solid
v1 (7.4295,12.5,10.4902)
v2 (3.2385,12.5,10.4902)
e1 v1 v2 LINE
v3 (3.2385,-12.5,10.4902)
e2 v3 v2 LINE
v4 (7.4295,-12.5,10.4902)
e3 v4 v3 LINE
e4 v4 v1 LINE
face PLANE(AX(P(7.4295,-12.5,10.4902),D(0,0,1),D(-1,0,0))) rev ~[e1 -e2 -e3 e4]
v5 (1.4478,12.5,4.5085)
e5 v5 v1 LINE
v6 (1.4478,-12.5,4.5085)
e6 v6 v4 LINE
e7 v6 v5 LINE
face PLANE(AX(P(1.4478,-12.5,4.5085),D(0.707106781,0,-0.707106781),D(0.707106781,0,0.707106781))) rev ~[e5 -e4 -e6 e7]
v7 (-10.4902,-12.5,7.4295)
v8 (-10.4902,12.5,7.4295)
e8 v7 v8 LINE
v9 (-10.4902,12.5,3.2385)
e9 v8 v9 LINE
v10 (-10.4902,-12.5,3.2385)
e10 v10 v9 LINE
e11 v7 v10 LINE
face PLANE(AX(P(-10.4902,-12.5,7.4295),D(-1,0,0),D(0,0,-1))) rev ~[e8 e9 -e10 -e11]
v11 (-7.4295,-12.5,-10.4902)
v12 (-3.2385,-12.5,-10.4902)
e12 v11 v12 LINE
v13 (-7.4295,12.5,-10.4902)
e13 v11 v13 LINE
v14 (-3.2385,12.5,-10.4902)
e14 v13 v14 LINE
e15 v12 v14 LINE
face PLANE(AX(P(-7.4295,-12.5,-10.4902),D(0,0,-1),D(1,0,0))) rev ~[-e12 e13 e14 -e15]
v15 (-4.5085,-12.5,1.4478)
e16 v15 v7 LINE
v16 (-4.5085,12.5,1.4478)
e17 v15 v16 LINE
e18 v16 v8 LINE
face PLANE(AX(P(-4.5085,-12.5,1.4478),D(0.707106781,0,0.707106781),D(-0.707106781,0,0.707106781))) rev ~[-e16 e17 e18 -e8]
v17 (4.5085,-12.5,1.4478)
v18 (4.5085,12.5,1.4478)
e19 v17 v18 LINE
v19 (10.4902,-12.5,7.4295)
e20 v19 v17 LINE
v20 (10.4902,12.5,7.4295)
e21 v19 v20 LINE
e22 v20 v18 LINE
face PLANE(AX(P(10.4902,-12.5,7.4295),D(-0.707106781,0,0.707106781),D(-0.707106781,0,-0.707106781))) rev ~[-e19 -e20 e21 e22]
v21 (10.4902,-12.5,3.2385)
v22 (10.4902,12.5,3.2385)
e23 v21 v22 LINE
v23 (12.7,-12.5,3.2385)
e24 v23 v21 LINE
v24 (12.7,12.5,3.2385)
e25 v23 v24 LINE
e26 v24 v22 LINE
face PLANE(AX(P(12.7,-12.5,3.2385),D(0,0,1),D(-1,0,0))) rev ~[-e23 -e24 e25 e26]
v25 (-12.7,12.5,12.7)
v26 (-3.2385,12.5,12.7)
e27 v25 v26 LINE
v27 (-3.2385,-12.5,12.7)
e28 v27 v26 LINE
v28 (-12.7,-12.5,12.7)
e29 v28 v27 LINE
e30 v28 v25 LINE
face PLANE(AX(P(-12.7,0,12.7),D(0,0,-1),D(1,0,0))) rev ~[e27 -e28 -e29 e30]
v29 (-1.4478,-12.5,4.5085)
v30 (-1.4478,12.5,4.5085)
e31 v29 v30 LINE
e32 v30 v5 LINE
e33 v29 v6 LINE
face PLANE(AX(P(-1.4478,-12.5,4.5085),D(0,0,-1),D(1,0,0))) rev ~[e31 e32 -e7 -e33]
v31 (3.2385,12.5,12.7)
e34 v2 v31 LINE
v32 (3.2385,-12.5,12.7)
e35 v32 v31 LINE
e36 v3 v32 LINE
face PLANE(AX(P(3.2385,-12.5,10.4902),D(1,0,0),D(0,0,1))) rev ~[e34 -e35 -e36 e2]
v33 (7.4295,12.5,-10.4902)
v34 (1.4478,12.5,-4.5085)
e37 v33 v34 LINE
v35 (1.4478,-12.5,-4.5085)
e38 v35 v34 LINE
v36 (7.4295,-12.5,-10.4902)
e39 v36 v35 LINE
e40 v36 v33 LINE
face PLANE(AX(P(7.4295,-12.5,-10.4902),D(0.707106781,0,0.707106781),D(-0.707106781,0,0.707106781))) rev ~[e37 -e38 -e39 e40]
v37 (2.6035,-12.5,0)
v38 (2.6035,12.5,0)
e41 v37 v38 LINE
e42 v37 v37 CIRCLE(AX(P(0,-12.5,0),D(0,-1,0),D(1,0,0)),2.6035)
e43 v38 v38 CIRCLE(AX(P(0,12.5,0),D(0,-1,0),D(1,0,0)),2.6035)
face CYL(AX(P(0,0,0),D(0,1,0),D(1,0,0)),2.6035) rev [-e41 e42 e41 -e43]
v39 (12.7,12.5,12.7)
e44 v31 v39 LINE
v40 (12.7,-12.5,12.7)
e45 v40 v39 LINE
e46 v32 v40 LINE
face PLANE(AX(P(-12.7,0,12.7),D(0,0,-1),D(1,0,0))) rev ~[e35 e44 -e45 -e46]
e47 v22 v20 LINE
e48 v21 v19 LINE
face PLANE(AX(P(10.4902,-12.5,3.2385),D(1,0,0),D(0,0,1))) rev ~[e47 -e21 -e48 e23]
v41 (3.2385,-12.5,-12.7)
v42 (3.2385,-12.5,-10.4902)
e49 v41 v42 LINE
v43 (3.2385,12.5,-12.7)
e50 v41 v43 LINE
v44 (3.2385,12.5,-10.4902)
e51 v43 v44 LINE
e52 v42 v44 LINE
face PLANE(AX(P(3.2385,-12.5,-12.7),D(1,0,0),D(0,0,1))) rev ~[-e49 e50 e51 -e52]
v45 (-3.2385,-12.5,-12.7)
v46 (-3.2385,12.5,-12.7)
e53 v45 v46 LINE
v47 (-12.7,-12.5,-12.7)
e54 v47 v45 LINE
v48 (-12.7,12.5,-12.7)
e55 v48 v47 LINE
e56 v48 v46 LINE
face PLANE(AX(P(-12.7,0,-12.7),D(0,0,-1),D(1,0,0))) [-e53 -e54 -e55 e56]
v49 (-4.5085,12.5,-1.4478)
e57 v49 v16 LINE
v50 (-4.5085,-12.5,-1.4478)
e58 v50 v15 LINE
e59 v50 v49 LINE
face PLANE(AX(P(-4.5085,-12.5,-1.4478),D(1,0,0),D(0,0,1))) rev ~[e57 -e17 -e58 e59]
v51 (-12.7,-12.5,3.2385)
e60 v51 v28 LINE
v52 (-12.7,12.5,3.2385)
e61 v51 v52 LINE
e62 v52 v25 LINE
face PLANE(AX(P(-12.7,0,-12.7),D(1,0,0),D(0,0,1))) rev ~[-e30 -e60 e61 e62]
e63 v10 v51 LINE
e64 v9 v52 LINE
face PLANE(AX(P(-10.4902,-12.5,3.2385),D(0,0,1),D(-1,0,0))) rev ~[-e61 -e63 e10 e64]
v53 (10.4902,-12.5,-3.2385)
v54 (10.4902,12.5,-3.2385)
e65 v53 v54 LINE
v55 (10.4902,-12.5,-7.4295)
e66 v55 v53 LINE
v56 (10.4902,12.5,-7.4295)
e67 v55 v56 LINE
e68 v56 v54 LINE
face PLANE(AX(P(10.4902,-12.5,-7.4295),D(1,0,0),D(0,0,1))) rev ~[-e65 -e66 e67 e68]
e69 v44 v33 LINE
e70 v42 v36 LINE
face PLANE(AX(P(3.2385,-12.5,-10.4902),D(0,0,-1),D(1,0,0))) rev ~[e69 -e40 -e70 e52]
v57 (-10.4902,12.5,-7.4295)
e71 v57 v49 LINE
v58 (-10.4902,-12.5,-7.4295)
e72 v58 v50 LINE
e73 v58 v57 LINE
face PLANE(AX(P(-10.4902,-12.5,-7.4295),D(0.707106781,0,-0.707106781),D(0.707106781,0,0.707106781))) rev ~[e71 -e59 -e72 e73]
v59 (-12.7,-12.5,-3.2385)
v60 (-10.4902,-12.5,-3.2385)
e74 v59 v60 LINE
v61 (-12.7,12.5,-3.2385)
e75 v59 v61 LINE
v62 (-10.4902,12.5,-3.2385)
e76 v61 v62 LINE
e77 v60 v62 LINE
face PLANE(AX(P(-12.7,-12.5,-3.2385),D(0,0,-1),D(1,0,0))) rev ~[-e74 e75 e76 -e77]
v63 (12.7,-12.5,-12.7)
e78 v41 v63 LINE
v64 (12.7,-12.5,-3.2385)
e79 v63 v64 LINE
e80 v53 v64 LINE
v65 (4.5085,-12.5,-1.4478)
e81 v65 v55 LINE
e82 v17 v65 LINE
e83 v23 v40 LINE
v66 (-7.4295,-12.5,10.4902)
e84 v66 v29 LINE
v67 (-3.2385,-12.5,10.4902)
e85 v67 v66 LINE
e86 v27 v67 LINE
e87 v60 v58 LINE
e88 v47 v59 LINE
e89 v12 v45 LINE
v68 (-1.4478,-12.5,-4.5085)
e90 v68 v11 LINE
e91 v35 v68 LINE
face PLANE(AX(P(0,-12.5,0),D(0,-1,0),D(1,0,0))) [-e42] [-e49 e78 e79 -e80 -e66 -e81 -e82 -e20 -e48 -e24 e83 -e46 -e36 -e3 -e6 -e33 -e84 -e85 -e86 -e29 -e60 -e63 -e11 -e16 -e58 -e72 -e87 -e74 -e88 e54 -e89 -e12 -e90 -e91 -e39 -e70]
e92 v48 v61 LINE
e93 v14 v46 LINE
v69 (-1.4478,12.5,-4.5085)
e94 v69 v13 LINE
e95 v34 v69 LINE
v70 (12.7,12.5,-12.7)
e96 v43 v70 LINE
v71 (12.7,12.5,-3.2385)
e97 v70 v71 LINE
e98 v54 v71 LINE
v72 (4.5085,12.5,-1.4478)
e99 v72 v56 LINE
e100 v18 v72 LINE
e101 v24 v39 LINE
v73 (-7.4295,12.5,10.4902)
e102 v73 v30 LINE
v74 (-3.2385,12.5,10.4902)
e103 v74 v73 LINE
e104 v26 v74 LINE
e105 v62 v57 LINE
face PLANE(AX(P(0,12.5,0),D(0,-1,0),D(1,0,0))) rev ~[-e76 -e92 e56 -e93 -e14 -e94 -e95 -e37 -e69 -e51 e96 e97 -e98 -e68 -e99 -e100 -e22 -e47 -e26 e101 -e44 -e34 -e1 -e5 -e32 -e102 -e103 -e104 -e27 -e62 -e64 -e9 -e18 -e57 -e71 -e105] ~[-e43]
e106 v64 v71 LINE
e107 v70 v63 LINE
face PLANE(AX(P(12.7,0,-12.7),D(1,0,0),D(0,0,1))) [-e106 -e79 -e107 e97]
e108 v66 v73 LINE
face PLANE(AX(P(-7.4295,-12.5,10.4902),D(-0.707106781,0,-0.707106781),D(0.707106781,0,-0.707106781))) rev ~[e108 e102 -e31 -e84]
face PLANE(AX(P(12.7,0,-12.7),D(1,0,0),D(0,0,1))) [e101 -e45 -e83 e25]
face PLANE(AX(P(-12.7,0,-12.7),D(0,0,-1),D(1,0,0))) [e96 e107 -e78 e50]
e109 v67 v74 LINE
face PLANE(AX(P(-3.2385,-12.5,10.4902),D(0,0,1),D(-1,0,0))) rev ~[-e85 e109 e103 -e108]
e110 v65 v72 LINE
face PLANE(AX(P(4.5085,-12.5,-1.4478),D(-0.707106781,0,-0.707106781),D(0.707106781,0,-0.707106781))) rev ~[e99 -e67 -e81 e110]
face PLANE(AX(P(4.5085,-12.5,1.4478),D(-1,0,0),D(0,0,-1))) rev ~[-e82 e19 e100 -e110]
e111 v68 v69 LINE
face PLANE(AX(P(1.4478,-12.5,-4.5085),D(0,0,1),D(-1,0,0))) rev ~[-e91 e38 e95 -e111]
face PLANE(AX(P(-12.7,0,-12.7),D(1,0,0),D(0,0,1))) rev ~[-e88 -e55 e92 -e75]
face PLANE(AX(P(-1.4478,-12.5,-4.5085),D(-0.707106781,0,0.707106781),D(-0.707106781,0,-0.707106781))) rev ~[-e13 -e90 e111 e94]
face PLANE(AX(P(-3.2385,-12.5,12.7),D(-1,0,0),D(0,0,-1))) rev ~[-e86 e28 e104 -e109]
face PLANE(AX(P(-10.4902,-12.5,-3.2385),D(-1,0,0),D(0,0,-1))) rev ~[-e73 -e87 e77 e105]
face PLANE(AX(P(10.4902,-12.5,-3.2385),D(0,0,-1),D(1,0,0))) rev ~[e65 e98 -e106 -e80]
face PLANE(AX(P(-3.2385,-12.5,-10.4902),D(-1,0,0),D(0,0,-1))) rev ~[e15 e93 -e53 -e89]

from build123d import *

# Parameters (mm, degrees)
F0_W     = 25.4
F0_H     = 25.4
F0_R     = 2.6035
F1_DEPTH = 12.5
F3_DEPTH = 25.001


with BuildPart() as f1:
    # F0 (on Front) → F1 (new body, symmetric)
    with BuildSketch(Plane.XZ):
        Rectangle(F0_W, F0_H)
        Circle(F0_R, mode=Mode.SUBTRACT)
    extrude(amount=F1_DEPTH, both=True)

    # F2 (on face) → F3 (cut, through all)
    with BuildSketch(Plane.XZ.offset(12.5)):
        Polygon((3.2385, 12.7), (-3.2385, 12.7), (-3.2385, 10.4902), (-7.4295, 10.4902), (-1.4478, 4.5085), (1.4478, 4.5085), (7.4295, 10.4902), (3.2385, 10.4902), align=None)
        Polygon((-12.7, 3.2385), (-12.7, -3.2385), (-10.4902, -3.2385), (-10.4902, -7.4295), (-4.5085, -1.4478), (-4.5085, 1.4478), (-10.4902, 7.4295), (-10.4902, 3.2385), align=None)
        Polygon((-3.2385, -12.7), (3.2385, -12.7), (3.2385, -10.4902), (7.4295, -10.4902), (1.4478, -4.5085), (-1.4478, -4.5085), (-7.4295, -10.4902), (-3.2385, -10.4902), align=None)
        Polygon((12.7, -3.2385), (12.7, 3.2385), (10.4902, 3.2385), (10.4902, 7.4295), (4.5085, 1.4478), (4.5085, -1.4478), (10.4902, -7.4295), (10.4902, -3.2385), align=None)
    extrude(amount=-F3_DEPTH, mode=Mode.SUBTRACT)


solid = f1.part
